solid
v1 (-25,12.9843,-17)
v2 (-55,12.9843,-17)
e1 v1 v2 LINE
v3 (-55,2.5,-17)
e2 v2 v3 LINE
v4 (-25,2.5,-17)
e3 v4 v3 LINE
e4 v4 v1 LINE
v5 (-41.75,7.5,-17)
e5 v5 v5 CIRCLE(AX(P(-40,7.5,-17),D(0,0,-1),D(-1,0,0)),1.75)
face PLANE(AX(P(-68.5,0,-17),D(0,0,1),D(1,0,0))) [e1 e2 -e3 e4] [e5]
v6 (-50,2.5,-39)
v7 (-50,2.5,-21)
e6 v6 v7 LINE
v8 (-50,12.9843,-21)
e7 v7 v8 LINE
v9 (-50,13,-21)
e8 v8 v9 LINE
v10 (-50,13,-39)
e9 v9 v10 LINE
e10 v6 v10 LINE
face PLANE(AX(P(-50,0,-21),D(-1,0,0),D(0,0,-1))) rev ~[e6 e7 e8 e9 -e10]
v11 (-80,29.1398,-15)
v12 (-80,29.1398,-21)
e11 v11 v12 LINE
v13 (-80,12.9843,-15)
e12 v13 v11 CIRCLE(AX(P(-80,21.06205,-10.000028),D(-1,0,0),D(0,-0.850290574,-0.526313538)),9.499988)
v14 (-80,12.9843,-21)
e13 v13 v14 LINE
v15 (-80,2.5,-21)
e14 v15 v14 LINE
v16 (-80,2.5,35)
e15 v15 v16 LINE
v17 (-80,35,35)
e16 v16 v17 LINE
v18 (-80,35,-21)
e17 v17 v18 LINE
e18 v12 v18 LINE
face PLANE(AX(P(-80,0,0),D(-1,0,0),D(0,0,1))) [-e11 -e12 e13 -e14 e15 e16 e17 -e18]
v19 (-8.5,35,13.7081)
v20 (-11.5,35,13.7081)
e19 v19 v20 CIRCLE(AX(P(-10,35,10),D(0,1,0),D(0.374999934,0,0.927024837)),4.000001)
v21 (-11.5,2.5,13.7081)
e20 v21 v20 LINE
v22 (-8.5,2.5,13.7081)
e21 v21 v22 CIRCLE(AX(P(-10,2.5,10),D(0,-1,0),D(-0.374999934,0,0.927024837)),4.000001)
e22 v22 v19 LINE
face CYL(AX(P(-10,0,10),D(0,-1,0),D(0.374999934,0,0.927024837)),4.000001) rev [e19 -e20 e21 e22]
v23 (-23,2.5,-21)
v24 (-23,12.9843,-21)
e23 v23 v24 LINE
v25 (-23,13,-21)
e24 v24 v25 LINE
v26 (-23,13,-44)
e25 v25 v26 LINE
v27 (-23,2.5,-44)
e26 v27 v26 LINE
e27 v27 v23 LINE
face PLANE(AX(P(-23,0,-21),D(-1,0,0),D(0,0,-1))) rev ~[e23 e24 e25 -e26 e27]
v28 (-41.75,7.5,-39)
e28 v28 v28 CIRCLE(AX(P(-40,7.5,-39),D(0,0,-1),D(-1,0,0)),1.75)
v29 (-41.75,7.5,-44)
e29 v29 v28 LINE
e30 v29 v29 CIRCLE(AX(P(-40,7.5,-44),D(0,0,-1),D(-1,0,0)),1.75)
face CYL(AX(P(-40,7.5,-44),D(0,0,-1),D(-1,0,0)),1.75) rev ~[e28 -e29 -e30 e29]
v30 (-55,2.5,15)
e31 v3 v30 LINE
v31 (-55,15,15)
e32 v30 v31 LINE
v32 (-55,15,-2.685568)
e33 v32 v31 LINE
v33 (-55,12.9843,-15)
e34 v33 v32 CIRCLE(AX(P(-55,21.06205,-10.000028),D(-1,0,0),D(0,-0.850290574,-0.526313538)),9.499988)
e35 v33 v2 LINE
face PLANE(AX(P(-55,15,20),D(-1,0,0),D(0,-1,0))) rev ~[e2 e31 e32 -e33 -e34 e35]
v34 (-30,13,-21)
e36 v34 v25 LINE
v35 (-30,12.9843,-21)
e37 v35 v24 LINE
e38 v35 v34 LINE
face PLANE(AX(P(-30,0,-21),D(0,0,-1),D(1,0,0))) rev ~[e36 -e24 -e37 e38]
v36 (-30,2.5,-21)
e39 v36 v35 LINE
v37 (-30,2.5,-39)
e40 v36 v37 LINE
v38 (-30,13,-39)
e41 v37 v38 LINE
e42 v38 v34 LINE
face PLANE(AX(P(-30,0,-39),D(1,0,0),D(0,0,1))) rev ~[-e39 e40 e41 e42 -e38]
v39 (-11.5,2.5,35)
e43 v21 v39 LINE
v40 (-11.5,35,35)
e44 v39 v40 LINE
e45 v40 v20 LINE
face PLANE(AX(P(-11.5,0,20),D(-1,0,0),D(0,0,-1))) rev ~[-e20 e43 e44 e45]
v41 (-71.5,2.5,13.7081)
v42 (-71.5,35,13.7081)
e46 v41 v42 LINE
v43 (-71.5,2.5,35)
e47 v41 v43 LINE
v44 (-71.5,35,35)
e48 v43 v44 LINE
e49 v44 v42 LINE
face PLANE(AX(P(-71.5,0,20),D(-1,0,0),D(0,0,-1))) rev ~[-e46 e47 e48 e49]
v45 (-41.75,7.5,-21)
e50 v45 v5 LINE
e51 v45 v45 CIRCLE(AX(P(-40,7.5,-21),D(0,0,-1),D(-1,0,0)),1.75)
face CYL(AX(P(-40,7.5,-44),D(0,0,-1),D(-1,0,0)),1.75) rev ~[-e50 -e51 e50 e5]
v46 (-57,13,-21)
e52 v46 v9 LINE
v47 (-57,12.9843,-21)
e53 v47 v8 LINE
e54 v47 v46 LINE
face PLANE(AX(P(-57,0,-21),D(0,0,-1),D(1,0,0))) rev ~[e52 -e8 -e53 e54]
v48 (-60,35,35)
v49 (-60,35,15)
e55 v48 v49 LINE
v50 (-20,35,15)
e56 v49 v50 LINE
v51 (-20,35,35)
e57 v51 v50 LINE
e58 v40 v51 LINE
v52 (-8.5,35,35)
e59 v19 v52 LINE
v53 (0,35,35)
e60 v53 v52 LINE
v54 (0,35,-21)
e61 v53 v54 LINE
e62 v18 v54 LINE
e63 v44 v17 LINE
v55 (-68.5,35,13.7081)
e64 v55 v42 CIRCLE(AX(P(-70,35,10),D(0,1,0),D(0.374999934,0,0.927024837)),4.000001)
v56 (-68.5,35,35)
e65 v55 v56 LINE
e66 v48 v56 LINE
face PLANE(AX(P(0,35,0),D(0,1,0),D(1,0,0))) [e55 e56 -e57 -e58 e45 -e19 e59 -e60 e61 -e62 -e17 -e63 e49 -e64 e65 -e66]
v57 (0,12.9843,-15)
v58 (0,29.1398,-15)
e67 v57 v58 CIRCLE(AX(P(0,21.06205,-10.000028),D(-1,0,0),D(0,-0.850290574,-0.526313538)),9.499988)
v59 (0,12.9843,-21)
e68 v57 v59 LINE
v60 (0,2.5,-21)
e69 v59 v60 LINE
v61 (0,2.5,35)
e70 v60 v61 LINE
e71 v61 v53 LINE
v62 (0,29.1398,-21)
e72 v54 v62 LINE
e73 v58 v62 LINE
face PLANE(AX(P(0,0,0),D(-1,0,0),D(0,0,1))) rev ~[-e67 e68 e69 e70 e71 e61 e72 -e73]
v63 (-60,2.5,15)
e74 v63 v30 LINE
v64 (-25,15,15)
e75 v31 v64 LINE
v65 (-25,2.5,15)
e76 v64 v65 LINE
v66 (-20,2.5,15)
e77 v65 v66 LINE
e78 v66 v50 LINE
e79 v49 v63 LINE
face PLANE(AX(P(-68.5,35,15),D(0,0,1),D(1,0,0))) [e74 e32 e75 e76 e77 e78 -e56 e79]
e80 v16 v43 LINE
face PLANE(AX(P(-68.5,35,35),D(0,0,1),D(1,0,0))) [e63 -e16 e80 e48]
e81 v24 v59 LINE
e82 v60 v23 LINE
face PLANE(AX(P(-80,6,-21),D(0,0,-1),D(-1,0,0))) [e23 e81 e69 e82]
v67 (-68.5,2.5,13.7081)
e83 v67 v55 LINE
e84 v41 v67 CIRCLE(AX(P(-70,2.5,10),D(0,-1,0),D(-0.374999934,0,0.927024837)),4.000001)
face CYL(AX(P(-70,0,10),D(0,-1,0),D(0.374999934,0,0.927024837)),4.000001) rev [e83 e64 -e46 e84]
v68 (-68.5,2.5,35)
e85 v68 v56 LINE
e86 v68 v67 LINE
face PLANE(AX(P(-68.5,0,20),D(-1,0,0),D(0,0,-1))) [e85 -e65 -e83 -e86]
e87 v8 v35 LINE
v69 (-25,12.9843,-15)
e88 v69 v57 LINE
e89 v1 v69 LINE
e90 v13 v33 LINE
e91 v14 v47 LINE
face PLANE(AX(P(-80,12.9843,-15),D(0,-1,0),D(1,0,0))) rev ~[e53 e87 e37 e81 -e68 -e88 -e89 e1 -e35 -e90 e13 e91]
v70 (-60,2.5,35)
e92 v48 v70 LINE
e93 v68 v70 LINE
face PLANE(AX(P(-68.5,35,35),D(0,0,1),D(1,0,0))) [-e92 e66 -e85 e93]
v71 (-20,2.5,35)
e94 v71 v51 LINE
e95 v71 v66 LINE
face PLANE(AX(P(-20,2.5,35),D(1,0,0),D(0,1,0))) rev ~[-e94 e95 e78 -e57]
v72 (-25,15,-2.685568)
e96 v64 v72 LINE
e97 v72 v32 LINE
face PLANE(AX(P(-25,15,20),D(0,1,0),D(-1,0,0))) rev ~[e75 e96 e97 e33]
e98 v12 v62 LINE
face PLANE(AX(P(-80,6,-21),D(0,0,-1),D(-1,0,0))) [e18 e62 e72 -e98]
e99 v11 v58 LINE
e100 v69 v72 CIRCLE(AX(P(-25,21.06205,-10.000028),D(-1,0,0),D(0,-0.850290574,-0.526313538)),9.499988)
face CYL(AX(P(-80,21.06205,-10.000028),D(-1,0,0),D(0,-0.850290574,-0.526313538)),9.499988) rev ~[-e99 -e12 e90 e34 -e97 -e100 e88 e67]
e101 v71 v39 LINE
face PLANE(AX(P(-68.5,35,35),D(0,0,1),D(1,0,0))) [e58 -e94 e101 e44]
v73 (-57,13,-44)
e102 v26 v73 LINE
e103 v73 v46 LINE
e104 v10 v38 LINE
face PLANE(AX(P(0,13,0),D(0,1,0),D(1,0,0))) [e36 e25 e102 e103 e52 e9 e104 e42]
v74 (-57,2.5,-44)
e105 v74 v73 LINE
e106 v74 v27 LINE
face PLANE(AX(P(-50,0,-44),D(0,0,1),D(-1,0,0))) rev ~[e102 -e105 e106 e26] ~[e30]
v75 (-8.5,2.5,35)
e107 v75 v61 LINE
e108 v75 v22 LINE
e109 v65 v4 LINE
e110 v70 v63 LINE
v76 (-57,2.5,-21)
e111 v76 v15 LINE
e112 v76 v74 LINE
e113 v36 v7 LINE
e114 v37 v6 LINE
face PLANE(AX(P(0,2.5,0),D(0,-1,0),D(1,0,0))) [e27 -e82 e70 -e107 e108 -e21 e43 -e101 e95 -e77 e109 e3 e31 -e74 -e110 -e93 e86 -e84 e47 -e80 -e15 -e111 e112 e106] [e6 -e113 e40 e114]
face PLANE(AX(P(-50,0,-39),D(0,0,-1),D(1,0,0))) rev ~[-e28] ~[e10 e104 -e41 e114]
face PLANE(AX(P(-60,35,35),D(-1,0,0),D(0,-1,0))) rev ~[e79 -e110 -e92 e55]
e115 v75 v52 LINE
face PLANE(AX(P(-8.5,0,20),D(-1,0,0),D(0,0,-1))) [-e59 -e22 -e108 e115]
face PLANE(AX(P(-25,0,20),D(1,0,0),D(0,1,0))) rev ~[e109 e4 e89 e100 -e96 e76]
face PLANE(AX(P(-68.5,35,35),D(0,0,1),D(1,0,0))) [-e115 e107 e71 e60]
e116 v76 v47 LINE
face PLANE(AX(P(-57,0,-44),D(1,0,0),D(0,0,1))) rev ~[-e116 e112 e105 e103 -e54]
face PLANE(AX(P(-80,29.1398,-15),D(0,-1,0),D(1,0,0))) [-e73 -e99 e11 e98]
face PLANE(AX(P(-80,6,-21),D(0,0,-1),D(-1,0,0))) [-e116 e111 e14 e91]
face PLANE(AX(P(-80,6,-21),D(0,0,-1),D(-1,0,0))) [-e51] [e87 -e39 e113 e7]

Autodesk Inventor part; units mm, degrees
ref_plane "YZ Plane" through (0, 0, 0) normal (1, 0, 0) x (0, 1, 0)
ref_plane "XZ Plane" through (0, 0, 0) normal (0, 1, 0) x (-1, 0, 0)
ref_plane "XY Plane" through (0, 0, 0) normal (0, 0, 1) x (1, 0, 0)
sketch "Sketch1" plane through (0, 0, 0) normal (0, 1, 0) x (-1, 0, 0)
  arc A0 (8.5, 13.7081) -> (11.5, 13.7081) centre (10, 10) ccw
  line L0 (8.5, 20) -> (8.5, 13.7081)
  line L1 (11.5, 20) -> (11.5, 13.7081)
  line L2 (10, 20) -> (10, 18.7339)
  line L3 (20, 20) -> (10, 20)
  line L4 (8.5, 20) -> (0, 20)
  line L5 (0, 20) -> (0, 0)
  line L6 (0, 0) -> (20, 0)
  line L7 (20, 0) -> (20, 20)
  arc A1 (68.5, 13.7081) -> (71.5, 13.7081) centre (70, 10) ccw
  line L8 (68.5, 20) -> (68.5, 13.7081)
  line L9 (71.5, 20) -> (71.5, 13.7081)
  line L10 (70, 20) -> (70, 18.3732)
  line L11 (80, 20) -> (70, 20)
  line L12 (68.5, 20) -> (60.9559, 20)
  line L13 (60.9559, 20) -> (60.9559, 0)
  line L14 (60.9559, 0) -> (80, 0)
  line L15 (80, 0) -> (80, 20)
  line L16 (60.9559, 0) -> (20, 0)
  line L17 (20, 0) -> (20, 20)
  line L18 (20, 20) -> (60.9559, 20)
  line L19 (60.9559, 20) -> (60.9559, 0)
  dimension "d2" = 8
  dimension "d7" = 1.5
  dimension "d8" = 1.5
  dimension "d16" = 10
  dimension "d17" = 8
  dimension "d18" = 1.5
  dimension "d19" = 1.5
  dimension "d20" = 10
  dimension "d22" = 80
  dimension "d23" = 10
  dimension "d24" = 0
  dimension "d25" = 60
  dimension "d26" = 20
  dimension "d27" = 20
  dimension "d28" = 20
  dimension "d29" = 20
  dimension "d30" = 10
  dimension "d31" = 10
  dimension "d32" = 20
extrude "Extrusion1" add sketch "Sketch1" along normal blind 36
sketch "Sketch5" plane through (-80, 0, 0) normal (-1, 0, 0) x (0, 0, 1)
  line L0 (20, 0) -> (20, 36) projected
  line L1 (20, 36) -> (-15, 36)
  line L2 (-15, 6) -> (20, 6)
  line L3 (20, 6) -> (20, 36)
  line L4 (-15, 36) -> (-15, 29.1398)
  line L5 (-15, 12.9843) -> (-15, 6)
  line L6 (0, 0) -> (0, 36) projected
  line L7 (0, 0) -> (0, 36) projected
  line L8 (0, 6) -> (0, 36)
  arc A0 (-15, 12.9843) -> (-15, 29.1398) centre (-10, 21.062) ccw
  dimension "d40" = 30
  dimension "d41" = 35
  dimension "d45" = 20
  dimension "d85" = 19
  dimension "d86" = 5
  dimension "d87" = 15
extrude "Extrusion5" add sketch "Sketch5" against normal blind 80 contours L2 L5 A0 L4 L1 L6
sketch "Sketch13" plane through (0, 36, 0) normal (0, 1, 0) x (1, 0, 0)
  line L0 (-80, -20) -> (-80, 15) projected
  line L1 (-80, -20) -> (-71.5, -20) projected
  line L2 (-71.5, -20) -> (-71.5, -13.7081) projected
  arc A0 (-68.5, -13.7081) -> (-71.5, -13.7081) centre (-70, -10) ccw projected
  line L3 (-68.5, -13.7081) -> (-68.5, -20) projected
  line L4 (-68.5, -20) -> (-11.5, -20) projected
  line L5 (-11.5, -20) -> (-11.5, -13.7081) projected
  arc A1 (-8.5, -13.7081) -> (-11.5, -13.7081) centre (-10, -10) ccw projected
  line L6 (-8.5, -13.7081) -> (-8.5, -20) projected
  line L7 (-8.5, -20) -> (0, -20) projected
  line L8 (0, -20) -> (0, 15) projected
  line L9 (-80, 15) -> (0, 15) projected
  point P0 (0, 0)
extrude "Extrusion11" cut sketch "Sketch13" against normal blind 1
sketch "Sketch16" plane through (-80, 6, -15) normal (0, 0, -1) x (-1, 0, 0)
  line L0 (-80, -6) -> (0, -6) projected
  line L1 (0, 6.9843) -> (-80, 6.9843) projected
  line L2 (-80, -6) -> (0, -6)
  line L3 (0, -6) -> (0, 6.9843)
  line L4 (0, 6.9843) -> (-80, 6.9843)
  line L5 (-80, 6.9843) -> (-80, -6)
  line L6 (0, -6) -> (0, 29) projected
  line L7 (0, 23.1398) -> (-80, 23.1398) projected
  line L8 (0, 29) -> (-80, 29)
  line L9 (-80, 29) -> (-80, 23.1398)
  line L10 (-80, 23.1398) -> (0, 23.1398)
  line L11 (0, 23.1398) -> (0, 29)
extrude "Extrusion13" add sketch "Sketch16" along normal blind 6
sketch "Sketch17" plane through (0, 0, 0) normal (0, 0, -1) x (-1, 0, 0)
  line L0 (80, 6) -> (0, 6) projected
  line L1 (0, 0) -> (80, 0) projected
  line L2 (80, 6) -> (0, 6) projected
  line L3 (80, 6) -> (80, 0)
  line L4 (0, 6) -> (0, 0)
extrude "Extrusion14" add sketch "Sketch17" along normal blind 20
sketch "Sketch18" plane through (-68.5, 0, 20) normal (0, 0, 1) x (1, 0, 0)
  line L0 (13.5, 0) -> (43.5, 0)
  line L1 (43.5, 0) -> (43.5, 15)
  line L2 (43.5, 15) -> (13.5, 15)
  line L3 (13.5, 15) -> (13.5, 0)
  line L4 (-11.5, 0) -> (-11.5, 35) projected
  line L5 (0, 0) -> (57, 0) projected
  point P0 (68.5, 0)
  dimension "d107" = 30
  dimension "d108" = 25
  dimension "d109" = 15
  dimension "d110" = 0
extrude "Extrusion15" cut sketch "Sketch18" against normal blind 37
sketch "Sketch19" plane through (0, 0, 0) normal (0, -1, 0) x (1, 0, 0)
  line L0 (-80, -21) -> (0, -21) projected
  line L1 (-30, -21) -> (-23, -21)
  line L2 (-23, -21) -> (-23, -44)
  line L3 (-23, -44) -> (-30, -44)
  line L4 (-30, -44) -> (-30, -21)
  line L5 (-30, -44) -> (-50, -44)
  line L6 (-50, -44) -> (-50, -39)
  line L7 (-50, -39) -> (-30, -39)
  line L8 (-30, -39) -> (-30, -44)
  line L9 (-50, -44) -> (-57, -44)
  line L10 (-57, -44) -> (-57, -21)
  line L11 (-57, -21) -> (-50, -21)
  line L12 (-50, -21) -> (-50, -44)
  line L13 (0, -21) -> (0, 20) projected
  point P0 (0, 0)
  dimension "d113" = 7
  dimension "d114" = 7
  dimension "d115" = 5
  dimension "d116" = 18
  dimension "d117" = 20
  dimension "d118" = 23
extrude "Extrusion16" add sketch "Sketch19" against normal blind 15.5 contours L0 L12 L6 L9 L10 | L0 L2 L3 L4 | L7 L4 L5 L6
sketch "Sketch20" plane through (-23, 0, -44) normal (0, 0, -1) x (-1, 0, 0)
  circle A0 centre (17, 7.5) radius 1.75
  line L0 (34, 0) -> (0, 0) projected
  line L1 (-23, 12.9843) -> (-23, 0) projected
  dimension "d121" = 3.5
  dimension "d122" = 7.5
  dimension "d123" = 40
extrude "Extrusion17" cut sketch "Sketch20" against normal blind 80
sketch "Sketch21" plane through (0, 0, 0) normal (0, -1, 0) x (1, 0, 0)
  line L0 (0, -0.5) -> (-80, -0.5) projected
  line L1 (0, -21) -> (-23, -21) projected
  line L2 (0, -21) -> (0, 20) projected
  line L3 (0, 20) -> (-8.5, 20) projected
  line L4 (-8.5, 20) -> (-8.5, 13.7081) projected
  arc A0 (-11.5, 13.7081) -> (-8.5, 13.7081) centre (-10, 10) ccw projected
  line L5 (-11.5, 13.7081) -> (-11.5, 20) projected
  line L6 (-25, 20) -> (-11.5, 20) projected
  line L7 (-25, 20) -> (-25, -17) projected
  line L8 (-25, -17) -> (-55, -17) projected
  line L9 (-55, -17) -> (-55, 20) projected
  line L10 (-68.5, 20) -> (-55, 20) projected
  line L11 (-68.5, 13.7081) -> (-68.5, 20) projected
  arc A1 (-71.5, 13.7081) -> (-68.5, 13.7081) centre (-70, 10) ccw projected
  line L12 (-71.5, 20) -> (-71.5, 13.7081) projected
  line L13 (-80, 20) -> (-71.5, 20) projected
  line L14 (-80, 20) -> (-80, -21) projected
  line L15 (-57, -21) -> (-80, -21) projected
  line L16 (-57, -21) -> (-57, -44) projected
  line L17 (-57, -44) -> (-23, -44) projected
  line L18 (-23, -44) -> (-23, -21) projected
  line L19 (-30, -21) -> (-30, -39) projected
  line L20 (-30, -39) -> (-50, -39) projected
  line L21 (-50, -39) -> (-50, -21) projected
  line L22 (-30, -21) -> (-50, -21) projected
  point P0 (0, 0)
extrude "Extrusion18" cut sketch "Sketch21" against normal blind 2.5 contours L2 L1 L18 L17 L16 L15 L14 L0 L9 L8 L7 | L0 L7 L6 L5 A0 L4 L3 L2 | L0 L14 L13 L12 A1 L11 L10 L9 | L19 L20 L21 L22
sketch "Sketch22" plane through (-68.5, 35, 20) normal (0, 0, 1) x (1, 0, 0)
  line L0 (0, -32.5) -> (13.5, -32.5) projected
  line L1 (13.5, -32.5) -> (13.5, -20) projected
  line L2 (13.5, -20) -> (43.5, -20) projected
  line L3 (43.5, -20) -> (43.5, -32.5) projected
  line L4 (43.5, -32.5) -> (57, -32.5) projected
  line L5 (57, -32.5) -> (57, 0) projected
  line L6 (57, 0) -> (0, 0) projected
  line L7 (0, -32.5) -> (0, 0) projected
  line L8 (60, -32.5) -> (68.5, -32.5) projected
  line L9 (68.5, -32.5) -> (68.5, 0) projected
  line L10 (68.5, 0) -> (60, 0) projected
  line L11 (60, -32.5) -> (60, 0) projected
  line L12 (-11.5, -32.5) -> (-3, -32.5) projected
  line L13 (-3, -32.5) -> (-3, 0) projected
  line L14 (-3, 0) -> (-11.5, 0) projected
  line L15 (-11.5, -32.5) -> (-11.5, 0) projected
  point P0 (68.5, -35)
extrude "Extrusion19" add sketch "Sketch22" along normal blind 15
sketch "Sketch23" plane through (-68.5, 35, 35) normal (0, 0, 1) x (1, 0, 0)
  line L0 (-11.5, 0) -> (68.5, 0) projected
  line L1 (48.5, 0) -> (8.5, 0)
  line L2 (8.5, 0) -> (8.5, -32.5)
  line L3 (8.5, -32.5) -> (48.5, -32.5)
  line L4 (48.5, -32.5) -> (48.5, 0)
  line L5 (68.5, -32.5) -> (68.5, 0) projected
  line L6 (-11.5, 0) -> (-11.5, -32.5) projected
  point P0 (57, 0)
  point P1 (8.5, 0)
  dimension "d130" = 20
  dimension "d131" = 20
extrude "Extrusion20" cut sketch "Sketch23" against normal blind 20
sketch "Sketch24" plane through (0, 15.5, 0) normal (0, 1, 0) x (1, 0, 0)
  line L0 (-23, 21) -> (-23, 44) projected
  line L1 (-23, 44) -> (-57, 44) projected
  line L2 (-57, 44) -> (-57, 21) projected
  line L3 (-57, 21) -> (-50, 21) projected
  line L4 (-50, 21) -> (-50, 39) projected
  line L5 (-50, 39) -> (-30, 39) projected
  line L6 (-30, 39) -> (-30, 21) projected
  line L7 (-30, 21) -> (-23, 21) projected
  point P0 (0, 0)
extrude "Extrusion21" cut sketch "Sketch24" against normal blind 2.5
equation "\"d2\" = RodDiameter"
equation "\"d17\" = d2"
equation "\"d85\" = XLinearBearingOD"
equation "\"RodDiameter\" = 8"
equation "\"VerticalBearingOD\" = 16"
equation "\"PrintingClearance\" = 0.2"
equation "\"d21\" = 8"
equation "\"TubeID\" = 18"
equation "\"XLinearBearingOD\" = 19"
properties part number "GantryHolder" material "PET Plastic"
